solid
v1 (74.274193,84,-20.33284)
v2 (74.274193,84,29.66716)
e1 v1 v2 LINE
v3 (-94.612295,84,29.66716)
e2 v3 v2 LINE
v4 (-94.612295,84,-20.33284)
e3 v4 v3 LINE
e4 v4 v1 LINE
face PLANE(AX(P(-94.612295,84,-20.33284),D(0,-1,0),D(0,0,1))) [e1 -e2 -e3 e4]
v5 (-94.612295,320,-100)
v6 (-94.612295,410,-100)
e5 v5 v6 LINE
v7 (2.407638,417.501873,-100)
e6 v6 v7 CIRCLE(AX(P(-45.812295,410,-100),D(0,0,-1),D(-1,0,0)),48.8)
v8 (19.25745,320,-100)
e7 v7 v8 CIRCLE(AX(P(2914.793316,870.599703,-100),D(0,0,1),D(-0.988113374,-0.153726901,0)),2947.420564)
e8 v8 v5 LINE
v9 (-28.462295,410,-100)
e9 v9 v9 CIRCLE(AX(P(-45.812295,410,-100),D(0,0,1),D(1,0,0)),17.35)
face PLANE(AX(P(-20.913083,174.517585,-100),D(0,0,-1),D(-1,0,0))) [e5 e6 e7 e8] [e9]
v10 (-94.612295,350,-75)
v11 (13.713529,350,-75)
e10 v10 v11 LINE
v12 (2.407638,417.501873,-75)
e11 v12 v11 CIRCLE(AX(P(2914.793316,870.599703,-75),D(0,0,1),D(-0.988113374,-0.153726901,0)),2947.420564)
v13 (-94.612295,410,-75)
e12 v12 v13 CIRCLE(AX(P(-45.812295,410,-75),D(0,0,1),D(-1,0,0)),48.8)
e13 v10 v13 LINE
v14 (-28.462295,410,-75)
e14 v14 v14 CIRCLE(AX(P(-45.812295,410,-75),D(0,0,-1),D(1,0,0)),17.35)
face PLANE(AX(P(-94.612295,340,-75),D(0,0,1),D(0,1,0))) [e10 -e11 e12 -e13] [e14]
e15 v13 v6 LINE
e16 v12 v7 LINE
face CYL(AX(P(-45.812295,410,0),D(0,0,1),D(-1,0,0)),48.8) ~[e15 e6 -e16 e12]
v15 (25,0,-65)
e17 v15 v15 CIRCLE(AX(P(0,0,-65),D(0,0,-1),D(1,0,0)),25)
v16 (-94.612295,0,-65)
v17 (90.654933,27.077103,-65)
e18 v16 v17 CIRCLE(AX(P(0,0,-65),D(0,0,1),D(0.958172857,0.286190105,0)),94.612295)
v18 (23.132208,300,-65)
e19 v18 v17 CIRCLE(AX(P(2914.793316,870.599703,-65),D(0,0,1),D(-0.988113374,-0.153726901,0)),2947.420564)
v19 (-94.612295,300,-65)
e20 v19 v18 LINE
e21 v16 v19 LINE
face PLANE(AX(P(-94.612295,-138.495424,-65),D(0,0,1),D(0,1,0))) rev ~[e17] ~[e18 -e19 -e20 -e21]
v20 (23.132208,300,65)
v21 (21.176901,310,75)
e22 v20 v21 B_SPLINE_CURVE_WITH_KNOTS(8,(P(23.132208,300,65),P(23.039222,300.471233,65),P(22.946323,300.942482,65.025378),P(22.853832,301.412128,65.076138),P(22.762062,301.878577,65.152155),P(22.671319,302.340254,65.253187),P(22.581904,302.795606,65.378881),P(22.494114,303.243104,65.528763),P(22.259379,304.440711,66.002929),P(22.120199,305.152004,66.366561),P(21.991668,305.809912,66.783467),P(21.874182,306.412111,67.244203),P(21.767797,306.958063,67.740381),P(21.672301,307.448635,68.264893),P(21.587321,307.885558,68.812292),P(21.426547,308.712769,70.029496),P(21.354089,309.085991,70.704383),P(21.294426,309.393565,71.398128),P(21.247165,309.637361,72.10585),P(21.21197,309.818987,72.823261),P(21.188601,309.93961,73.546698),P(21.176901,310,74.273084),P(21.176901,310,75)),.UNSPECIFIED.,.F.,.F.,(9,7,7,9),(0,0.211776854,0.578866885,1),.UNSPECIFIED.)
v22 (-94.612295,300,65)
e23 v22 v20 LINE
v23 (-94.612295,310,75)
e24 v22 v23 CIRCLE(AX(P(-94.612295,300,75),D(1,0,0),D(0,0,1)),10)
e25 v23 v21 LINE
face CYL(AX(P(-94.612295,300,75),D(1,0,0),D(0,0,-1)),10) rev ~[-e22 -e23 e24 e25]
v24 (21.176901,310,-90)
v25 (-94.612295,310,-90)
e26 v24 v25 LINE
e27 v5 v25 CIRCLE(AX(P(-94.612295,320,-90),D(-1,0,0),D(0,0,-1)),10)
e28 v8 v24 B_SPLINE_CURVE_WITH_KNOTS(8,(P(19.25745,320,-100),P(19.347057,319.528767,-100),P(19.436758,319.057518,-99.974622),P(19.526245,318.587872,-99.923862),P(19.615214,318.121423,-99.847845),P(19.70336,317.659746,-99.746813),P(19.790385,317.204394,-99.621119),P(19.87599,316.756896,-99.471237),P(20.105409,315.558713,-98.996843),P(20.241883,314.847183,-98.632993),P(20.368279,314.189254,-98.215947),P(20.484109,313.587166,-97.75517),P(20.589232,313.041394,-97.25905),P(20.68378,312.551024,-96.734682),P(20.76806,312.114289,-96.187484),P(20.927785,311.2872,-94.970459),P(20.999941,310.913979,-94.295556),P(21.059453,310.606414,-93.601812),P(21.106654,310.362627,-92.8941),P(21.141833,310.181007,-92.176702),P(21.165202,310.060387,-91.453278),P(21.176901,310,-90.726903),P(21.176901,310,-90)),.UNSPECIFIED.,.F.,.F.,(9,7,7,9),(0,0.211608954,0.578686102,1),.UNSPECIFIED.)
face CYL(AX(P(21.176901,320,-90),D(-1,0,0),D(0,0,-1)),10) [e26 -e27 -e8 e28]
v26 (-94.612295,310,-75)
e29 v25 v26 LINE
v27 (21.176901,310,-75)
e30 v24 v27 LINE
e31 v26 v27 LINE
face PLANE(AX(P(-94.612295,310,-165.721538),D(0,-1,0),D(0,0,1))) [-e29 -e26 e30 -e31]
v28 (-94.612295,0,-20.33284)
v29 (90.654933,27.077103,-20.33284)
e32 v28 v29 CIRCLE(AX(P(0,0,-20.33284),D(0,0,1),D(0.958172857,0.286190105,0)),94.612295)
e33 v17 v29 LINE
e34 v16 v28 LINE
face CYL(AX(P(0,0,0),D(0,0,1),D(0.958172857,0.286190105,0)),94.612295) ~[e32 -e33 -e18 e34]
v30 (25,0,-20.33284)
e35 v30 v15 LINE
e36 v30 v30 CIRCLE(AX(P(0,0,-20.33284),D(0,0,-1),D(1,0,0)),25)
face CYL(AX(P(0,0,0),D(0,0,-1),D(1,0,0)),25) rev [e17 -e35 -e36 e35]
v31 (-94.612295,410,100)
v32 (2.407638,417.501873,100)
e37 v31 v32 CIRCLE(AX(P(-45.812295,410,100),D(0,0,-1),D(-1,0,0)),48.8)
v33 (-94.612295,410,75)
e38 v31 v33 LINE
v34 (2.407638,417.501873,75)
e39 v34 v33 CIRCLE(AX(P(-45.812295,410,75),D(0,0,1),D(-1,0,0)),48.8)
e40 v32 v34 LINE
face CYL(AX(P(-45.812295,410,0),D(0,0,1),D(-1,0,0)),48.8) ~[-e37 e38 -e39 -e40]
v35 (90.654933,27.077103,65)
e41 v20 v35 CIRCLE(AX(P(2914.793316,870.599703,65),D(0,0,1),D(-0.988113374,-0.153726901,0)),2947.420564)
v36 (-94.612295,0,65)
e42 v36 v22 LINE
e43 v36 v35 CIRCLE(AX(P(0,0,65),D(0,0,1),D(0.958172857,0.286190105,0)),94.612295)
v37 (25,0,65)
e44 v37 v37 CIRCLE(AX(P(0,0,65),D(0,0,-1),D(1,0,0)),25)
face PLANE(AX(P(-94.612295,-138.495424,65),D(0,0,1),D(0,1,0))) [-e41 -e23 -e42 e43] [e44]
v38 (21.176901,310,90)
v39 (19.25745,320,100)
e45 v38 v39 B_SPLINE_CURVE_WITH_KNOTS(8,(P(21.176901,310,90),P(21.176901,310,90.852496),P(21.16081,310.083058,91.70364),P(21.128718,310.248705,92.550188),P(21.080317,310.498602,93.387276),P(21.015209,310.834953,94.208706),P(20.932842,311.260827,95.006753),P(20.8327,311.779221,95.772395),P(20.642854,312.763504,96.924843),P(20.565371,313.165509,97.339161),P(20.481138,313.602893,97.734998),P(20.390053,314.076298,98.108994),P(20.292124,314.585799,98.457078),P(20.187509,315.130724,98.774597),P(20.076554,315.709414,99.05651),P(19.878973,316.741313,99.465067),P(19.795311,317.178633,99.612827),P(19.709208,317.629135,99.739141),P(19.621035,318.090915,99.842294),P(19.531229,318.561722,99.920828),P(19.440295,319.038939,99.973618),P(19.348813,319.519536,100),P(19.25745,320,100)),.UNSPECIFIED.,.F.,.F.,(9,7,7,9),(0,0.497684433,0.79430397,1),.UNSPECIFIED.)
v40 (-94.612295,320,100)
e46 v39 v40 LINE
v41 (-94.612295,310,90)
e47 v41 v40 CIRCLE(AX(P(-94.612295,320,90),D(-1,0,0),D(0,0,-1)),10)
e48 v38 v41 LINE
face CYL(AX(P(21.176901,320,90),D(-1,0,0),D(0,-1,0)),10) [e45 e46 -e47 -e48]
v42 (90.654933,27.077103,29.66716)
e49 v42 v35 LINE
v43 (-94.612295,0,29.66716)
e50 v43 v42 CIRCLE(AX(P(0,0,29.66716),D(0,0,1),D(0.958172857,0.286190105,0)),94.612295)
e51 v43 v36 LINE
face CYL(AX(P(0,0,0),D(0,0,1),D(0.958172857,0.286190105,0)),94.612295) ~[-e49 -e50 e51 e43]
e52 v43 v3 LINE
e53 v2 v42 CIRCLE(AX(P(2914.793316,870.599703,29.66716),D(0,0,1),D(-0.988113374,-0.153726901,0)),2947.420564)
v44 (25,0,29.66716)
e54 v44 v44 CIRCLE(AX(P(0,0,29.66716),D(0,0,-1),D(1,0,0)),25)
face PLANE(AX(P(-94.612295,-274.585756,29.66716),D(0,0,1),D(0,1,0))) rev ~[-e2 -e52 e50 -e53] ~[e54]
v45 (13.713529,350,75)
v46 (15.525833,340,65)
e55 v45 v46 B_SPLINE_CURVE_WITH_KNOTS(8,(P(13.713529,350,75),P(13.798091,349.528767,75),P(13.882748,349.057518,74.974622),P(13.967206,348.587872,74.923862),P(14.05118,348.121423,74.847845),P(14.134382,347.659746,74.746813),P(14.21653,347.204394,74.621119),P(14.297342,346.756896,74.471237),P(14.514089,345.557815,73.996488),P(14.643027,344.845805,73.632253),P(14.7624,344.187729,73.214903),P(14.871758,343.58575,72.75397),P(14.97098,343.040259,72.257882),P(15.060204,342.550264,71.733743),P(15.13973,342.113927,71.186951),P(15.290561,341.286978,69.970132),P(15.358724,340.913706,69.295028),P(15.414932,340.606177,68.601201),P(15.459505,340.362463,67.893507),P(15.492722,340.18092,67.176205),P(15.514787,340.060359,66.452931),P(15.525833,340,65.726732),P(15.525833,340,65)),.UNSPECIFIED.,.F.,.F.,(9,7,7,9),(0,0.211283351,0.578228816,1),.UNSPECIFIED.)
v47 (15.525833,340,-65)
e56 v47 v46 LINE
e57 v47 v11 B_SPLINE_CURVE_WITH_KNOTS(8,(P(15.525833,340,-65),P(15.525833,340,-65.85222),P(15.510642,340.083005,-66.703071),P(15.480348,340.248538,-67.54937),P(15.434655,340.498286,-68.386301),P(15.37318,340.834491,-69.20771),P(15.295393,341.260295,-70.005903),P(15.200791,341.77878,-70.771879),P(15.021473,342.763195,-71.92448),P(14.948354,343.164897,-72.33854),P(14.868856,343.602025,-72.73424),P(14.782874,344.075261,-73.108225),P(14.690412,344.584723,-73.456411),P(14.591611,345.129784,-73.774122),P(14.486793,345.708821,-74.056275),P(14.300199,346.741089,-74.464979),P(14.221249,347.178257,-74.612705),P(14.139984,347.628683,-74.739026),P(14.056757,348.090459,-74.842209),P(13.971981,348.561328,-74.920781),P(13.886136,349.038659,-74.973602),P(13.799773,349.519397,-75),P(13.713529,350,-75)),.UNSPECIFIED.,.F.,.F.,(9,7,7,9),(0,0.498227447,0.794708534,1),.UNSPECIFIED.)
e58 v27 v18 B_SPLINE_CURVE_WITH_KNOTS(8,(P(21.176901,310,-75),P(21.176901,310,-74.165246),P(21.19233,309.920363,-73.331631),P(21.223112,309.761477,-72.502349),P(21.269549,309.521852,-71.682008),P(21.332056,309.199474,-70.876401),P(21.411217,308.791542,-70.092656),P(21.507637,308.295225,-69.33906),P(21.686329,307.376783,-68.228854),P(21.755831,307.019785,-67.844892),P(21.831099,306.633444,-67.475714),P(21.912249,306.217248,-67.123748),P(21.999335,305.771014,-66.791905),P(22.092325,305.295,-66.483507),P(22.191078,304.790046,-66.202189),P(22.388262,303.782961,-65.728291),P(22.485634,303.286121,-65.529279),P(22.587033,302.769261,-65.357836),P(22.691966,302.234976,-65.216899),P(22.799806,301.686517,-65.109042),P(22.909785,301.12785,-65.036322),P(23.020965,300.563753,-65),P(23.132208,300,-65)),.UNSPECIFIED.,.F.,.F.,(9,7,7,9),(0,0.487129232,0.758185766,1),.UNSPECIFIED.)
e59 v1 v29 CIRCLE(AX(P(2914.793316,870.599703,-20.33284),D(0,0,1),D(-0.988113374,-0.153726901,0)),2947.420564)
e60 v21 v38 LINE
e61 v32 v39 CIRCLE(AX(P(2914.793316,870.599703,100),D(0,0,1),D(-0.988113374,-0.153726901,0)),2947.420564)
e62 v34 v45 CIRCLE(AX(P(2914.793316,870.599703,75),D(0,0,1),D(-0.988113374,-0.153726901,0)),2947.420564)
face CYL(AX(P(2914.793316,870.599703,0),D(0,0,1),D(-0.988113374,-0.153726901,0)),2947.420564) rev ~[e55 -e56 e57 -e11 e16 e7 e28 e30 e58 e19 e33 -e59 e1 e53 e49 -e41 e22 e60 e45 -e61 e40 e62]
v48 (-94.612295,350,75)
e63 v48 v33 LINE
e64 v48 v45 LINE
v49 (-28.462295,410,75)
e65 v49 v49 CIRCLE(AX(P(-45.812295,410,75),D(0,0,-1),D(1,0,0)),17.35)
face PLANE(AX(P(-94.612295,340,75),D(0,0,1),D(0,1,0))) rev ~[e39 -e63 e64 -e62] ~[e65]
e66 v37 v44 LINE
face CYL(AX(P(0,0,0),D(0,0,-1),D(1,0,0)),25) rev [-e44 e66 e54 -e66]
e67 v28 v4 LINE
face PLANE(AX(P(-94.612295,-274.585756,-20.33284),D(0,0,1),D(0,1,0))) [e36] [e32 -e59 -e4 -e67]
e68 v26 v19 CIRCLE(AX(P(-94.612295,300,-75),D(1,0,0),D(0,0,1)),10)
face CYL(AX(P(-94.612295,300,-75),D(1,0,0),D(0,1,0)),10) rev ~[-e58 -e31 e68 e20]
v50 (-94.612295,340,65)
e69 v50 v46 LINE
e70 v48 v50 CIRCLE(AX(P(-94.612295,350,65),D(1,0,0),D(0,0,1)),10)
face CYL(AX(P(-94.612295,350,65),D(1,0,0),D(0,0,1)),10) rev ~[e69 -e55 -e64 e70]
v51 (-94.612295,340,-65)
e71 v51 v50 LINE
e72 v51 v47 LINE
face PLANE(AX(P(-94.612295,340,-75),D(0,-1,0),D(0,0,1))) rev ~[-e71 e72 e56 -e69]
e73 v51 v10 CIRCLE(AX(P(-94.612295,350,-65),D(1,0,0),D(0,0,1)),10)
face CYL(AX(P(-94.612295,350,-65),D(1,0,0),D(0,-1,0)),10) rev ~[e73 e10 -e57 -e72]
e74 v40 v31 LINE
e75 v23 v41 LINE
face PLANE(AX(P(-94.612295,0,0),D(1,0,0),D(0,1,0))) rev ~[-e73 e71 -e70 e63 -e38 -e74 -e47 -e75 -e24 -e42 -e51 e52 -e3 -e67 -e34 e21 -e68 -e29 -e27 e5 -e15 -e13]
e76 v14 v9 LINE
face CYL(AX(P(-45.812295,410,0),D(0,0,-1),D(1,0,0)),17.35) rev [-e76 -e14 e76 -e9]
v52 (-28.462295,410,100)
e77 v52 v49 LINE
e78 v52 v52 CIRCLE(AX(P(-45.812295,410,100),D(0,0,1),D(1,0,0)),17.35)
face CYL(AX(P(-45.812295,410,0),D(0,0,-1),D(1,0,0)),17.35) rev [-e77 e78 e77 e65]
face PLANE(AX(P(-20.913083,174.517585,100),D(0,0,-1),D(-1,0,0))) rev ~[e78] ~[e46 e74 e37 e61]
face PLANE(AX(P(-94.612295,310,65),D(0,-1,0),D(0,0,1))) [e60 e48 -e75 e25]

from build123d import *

# Parameters (mm, degrees)
SKETCH_1_R          = 25
SKETCH_1_R_2        = 17.35
EXTRUDE_1_DEPTH     = 100
SKETCH_2_W          = 150
SKETCH_2_H          = 163.350102445
SKETCH_2_W_2        = 100.72153761
SKETCH_2_H_2        = 448.495423617
CUT_EXTRUDE_1_DEPTH = 310
SKETCH_3_W          = 50
SKETCH_3_H          = 358.585755847
CUT_EXTRUDE_2_DEPTH = 310
FILLET_1_R          = 10


with BuildPart() as part:
    # 草图1 → 凸台-拉伸1 (new body, symmetric)
    with BuildSketch(Plane.XY):
        with BuildLine():
            Line((-94.612295013, 0), (-94.612295013, 410))
            ThreePointArc((-94.612295013, 410), (-49.57442783, 458.65476705), (2.407637637, 417.501872778))
            ThreePointArc((2.407637637, 417.501872778), (39.895934897, 220.789706501), (90.654933023, 27.07710262))
            ThreePointArc((90.654933023, 27.07710262), (13.682381008, -93.617727048), (-94.612295013, 0))
        make_face()
        Circle(SKETCH_1_R, mode=Mode.SUBTRACT)
        with Locations((-45.812295013, 410)):
            Circle(SKETCH_1_R_2, mode=Mode.SUBTRACT)
    extrude(amount=EXTRUDE_1_DEPTH, both=True)

    # 草图2 → 切除-拉伸1 (cut)
    with BuildSketch(Plane.ZY.offset(94.612295013)):
        with Locations((0, 421.675051222)):
            Rectangle(SKETCH_2_W, SKETCH_2_H)
        with Locations((-115.360768805, 85.752288191)):
            Rectangle(SKETCH_2_W_2, SKETCH_2_H_2)
        with Locations((115.360768805, 85.752288191)):
            Rectangle(SKETCH_2_W_2, SKETCH_2_H_2)
    extrude(amount=-CUT_EXTRUDE_1_DEPTH, mode=Mode.SUBTRACT)

    # 草图3 → 切除-拉伸2 (cut)
    with BuildSketch(Plane.ZY.offset(94.612295013)):
        with Locations((4.667160283, -95.292877924)):
            Rectangle(SKETCH_3_W, SKETCH_3_H)
    extrude(amount=-CUT_EXTRUDE_2_DEPTH, mode=Mode.SUBTRACT)

    # 圆角1
    fillet_1_edges = [part.edges().sort_by_distance(p)[0] for p in [
        (-39.543231053, 340, 75),
        (-39.543231053, 340, -75),
        (-36.717696937, 310, -100),
        (-36.717696937, 310, -65),
        (-36.717696937, 310, 100),
        (-36.717696937, 310, 65),
    ]]
    fillet(fillet_1_edges, radius=FILLET_1_R)


solid = part.part
